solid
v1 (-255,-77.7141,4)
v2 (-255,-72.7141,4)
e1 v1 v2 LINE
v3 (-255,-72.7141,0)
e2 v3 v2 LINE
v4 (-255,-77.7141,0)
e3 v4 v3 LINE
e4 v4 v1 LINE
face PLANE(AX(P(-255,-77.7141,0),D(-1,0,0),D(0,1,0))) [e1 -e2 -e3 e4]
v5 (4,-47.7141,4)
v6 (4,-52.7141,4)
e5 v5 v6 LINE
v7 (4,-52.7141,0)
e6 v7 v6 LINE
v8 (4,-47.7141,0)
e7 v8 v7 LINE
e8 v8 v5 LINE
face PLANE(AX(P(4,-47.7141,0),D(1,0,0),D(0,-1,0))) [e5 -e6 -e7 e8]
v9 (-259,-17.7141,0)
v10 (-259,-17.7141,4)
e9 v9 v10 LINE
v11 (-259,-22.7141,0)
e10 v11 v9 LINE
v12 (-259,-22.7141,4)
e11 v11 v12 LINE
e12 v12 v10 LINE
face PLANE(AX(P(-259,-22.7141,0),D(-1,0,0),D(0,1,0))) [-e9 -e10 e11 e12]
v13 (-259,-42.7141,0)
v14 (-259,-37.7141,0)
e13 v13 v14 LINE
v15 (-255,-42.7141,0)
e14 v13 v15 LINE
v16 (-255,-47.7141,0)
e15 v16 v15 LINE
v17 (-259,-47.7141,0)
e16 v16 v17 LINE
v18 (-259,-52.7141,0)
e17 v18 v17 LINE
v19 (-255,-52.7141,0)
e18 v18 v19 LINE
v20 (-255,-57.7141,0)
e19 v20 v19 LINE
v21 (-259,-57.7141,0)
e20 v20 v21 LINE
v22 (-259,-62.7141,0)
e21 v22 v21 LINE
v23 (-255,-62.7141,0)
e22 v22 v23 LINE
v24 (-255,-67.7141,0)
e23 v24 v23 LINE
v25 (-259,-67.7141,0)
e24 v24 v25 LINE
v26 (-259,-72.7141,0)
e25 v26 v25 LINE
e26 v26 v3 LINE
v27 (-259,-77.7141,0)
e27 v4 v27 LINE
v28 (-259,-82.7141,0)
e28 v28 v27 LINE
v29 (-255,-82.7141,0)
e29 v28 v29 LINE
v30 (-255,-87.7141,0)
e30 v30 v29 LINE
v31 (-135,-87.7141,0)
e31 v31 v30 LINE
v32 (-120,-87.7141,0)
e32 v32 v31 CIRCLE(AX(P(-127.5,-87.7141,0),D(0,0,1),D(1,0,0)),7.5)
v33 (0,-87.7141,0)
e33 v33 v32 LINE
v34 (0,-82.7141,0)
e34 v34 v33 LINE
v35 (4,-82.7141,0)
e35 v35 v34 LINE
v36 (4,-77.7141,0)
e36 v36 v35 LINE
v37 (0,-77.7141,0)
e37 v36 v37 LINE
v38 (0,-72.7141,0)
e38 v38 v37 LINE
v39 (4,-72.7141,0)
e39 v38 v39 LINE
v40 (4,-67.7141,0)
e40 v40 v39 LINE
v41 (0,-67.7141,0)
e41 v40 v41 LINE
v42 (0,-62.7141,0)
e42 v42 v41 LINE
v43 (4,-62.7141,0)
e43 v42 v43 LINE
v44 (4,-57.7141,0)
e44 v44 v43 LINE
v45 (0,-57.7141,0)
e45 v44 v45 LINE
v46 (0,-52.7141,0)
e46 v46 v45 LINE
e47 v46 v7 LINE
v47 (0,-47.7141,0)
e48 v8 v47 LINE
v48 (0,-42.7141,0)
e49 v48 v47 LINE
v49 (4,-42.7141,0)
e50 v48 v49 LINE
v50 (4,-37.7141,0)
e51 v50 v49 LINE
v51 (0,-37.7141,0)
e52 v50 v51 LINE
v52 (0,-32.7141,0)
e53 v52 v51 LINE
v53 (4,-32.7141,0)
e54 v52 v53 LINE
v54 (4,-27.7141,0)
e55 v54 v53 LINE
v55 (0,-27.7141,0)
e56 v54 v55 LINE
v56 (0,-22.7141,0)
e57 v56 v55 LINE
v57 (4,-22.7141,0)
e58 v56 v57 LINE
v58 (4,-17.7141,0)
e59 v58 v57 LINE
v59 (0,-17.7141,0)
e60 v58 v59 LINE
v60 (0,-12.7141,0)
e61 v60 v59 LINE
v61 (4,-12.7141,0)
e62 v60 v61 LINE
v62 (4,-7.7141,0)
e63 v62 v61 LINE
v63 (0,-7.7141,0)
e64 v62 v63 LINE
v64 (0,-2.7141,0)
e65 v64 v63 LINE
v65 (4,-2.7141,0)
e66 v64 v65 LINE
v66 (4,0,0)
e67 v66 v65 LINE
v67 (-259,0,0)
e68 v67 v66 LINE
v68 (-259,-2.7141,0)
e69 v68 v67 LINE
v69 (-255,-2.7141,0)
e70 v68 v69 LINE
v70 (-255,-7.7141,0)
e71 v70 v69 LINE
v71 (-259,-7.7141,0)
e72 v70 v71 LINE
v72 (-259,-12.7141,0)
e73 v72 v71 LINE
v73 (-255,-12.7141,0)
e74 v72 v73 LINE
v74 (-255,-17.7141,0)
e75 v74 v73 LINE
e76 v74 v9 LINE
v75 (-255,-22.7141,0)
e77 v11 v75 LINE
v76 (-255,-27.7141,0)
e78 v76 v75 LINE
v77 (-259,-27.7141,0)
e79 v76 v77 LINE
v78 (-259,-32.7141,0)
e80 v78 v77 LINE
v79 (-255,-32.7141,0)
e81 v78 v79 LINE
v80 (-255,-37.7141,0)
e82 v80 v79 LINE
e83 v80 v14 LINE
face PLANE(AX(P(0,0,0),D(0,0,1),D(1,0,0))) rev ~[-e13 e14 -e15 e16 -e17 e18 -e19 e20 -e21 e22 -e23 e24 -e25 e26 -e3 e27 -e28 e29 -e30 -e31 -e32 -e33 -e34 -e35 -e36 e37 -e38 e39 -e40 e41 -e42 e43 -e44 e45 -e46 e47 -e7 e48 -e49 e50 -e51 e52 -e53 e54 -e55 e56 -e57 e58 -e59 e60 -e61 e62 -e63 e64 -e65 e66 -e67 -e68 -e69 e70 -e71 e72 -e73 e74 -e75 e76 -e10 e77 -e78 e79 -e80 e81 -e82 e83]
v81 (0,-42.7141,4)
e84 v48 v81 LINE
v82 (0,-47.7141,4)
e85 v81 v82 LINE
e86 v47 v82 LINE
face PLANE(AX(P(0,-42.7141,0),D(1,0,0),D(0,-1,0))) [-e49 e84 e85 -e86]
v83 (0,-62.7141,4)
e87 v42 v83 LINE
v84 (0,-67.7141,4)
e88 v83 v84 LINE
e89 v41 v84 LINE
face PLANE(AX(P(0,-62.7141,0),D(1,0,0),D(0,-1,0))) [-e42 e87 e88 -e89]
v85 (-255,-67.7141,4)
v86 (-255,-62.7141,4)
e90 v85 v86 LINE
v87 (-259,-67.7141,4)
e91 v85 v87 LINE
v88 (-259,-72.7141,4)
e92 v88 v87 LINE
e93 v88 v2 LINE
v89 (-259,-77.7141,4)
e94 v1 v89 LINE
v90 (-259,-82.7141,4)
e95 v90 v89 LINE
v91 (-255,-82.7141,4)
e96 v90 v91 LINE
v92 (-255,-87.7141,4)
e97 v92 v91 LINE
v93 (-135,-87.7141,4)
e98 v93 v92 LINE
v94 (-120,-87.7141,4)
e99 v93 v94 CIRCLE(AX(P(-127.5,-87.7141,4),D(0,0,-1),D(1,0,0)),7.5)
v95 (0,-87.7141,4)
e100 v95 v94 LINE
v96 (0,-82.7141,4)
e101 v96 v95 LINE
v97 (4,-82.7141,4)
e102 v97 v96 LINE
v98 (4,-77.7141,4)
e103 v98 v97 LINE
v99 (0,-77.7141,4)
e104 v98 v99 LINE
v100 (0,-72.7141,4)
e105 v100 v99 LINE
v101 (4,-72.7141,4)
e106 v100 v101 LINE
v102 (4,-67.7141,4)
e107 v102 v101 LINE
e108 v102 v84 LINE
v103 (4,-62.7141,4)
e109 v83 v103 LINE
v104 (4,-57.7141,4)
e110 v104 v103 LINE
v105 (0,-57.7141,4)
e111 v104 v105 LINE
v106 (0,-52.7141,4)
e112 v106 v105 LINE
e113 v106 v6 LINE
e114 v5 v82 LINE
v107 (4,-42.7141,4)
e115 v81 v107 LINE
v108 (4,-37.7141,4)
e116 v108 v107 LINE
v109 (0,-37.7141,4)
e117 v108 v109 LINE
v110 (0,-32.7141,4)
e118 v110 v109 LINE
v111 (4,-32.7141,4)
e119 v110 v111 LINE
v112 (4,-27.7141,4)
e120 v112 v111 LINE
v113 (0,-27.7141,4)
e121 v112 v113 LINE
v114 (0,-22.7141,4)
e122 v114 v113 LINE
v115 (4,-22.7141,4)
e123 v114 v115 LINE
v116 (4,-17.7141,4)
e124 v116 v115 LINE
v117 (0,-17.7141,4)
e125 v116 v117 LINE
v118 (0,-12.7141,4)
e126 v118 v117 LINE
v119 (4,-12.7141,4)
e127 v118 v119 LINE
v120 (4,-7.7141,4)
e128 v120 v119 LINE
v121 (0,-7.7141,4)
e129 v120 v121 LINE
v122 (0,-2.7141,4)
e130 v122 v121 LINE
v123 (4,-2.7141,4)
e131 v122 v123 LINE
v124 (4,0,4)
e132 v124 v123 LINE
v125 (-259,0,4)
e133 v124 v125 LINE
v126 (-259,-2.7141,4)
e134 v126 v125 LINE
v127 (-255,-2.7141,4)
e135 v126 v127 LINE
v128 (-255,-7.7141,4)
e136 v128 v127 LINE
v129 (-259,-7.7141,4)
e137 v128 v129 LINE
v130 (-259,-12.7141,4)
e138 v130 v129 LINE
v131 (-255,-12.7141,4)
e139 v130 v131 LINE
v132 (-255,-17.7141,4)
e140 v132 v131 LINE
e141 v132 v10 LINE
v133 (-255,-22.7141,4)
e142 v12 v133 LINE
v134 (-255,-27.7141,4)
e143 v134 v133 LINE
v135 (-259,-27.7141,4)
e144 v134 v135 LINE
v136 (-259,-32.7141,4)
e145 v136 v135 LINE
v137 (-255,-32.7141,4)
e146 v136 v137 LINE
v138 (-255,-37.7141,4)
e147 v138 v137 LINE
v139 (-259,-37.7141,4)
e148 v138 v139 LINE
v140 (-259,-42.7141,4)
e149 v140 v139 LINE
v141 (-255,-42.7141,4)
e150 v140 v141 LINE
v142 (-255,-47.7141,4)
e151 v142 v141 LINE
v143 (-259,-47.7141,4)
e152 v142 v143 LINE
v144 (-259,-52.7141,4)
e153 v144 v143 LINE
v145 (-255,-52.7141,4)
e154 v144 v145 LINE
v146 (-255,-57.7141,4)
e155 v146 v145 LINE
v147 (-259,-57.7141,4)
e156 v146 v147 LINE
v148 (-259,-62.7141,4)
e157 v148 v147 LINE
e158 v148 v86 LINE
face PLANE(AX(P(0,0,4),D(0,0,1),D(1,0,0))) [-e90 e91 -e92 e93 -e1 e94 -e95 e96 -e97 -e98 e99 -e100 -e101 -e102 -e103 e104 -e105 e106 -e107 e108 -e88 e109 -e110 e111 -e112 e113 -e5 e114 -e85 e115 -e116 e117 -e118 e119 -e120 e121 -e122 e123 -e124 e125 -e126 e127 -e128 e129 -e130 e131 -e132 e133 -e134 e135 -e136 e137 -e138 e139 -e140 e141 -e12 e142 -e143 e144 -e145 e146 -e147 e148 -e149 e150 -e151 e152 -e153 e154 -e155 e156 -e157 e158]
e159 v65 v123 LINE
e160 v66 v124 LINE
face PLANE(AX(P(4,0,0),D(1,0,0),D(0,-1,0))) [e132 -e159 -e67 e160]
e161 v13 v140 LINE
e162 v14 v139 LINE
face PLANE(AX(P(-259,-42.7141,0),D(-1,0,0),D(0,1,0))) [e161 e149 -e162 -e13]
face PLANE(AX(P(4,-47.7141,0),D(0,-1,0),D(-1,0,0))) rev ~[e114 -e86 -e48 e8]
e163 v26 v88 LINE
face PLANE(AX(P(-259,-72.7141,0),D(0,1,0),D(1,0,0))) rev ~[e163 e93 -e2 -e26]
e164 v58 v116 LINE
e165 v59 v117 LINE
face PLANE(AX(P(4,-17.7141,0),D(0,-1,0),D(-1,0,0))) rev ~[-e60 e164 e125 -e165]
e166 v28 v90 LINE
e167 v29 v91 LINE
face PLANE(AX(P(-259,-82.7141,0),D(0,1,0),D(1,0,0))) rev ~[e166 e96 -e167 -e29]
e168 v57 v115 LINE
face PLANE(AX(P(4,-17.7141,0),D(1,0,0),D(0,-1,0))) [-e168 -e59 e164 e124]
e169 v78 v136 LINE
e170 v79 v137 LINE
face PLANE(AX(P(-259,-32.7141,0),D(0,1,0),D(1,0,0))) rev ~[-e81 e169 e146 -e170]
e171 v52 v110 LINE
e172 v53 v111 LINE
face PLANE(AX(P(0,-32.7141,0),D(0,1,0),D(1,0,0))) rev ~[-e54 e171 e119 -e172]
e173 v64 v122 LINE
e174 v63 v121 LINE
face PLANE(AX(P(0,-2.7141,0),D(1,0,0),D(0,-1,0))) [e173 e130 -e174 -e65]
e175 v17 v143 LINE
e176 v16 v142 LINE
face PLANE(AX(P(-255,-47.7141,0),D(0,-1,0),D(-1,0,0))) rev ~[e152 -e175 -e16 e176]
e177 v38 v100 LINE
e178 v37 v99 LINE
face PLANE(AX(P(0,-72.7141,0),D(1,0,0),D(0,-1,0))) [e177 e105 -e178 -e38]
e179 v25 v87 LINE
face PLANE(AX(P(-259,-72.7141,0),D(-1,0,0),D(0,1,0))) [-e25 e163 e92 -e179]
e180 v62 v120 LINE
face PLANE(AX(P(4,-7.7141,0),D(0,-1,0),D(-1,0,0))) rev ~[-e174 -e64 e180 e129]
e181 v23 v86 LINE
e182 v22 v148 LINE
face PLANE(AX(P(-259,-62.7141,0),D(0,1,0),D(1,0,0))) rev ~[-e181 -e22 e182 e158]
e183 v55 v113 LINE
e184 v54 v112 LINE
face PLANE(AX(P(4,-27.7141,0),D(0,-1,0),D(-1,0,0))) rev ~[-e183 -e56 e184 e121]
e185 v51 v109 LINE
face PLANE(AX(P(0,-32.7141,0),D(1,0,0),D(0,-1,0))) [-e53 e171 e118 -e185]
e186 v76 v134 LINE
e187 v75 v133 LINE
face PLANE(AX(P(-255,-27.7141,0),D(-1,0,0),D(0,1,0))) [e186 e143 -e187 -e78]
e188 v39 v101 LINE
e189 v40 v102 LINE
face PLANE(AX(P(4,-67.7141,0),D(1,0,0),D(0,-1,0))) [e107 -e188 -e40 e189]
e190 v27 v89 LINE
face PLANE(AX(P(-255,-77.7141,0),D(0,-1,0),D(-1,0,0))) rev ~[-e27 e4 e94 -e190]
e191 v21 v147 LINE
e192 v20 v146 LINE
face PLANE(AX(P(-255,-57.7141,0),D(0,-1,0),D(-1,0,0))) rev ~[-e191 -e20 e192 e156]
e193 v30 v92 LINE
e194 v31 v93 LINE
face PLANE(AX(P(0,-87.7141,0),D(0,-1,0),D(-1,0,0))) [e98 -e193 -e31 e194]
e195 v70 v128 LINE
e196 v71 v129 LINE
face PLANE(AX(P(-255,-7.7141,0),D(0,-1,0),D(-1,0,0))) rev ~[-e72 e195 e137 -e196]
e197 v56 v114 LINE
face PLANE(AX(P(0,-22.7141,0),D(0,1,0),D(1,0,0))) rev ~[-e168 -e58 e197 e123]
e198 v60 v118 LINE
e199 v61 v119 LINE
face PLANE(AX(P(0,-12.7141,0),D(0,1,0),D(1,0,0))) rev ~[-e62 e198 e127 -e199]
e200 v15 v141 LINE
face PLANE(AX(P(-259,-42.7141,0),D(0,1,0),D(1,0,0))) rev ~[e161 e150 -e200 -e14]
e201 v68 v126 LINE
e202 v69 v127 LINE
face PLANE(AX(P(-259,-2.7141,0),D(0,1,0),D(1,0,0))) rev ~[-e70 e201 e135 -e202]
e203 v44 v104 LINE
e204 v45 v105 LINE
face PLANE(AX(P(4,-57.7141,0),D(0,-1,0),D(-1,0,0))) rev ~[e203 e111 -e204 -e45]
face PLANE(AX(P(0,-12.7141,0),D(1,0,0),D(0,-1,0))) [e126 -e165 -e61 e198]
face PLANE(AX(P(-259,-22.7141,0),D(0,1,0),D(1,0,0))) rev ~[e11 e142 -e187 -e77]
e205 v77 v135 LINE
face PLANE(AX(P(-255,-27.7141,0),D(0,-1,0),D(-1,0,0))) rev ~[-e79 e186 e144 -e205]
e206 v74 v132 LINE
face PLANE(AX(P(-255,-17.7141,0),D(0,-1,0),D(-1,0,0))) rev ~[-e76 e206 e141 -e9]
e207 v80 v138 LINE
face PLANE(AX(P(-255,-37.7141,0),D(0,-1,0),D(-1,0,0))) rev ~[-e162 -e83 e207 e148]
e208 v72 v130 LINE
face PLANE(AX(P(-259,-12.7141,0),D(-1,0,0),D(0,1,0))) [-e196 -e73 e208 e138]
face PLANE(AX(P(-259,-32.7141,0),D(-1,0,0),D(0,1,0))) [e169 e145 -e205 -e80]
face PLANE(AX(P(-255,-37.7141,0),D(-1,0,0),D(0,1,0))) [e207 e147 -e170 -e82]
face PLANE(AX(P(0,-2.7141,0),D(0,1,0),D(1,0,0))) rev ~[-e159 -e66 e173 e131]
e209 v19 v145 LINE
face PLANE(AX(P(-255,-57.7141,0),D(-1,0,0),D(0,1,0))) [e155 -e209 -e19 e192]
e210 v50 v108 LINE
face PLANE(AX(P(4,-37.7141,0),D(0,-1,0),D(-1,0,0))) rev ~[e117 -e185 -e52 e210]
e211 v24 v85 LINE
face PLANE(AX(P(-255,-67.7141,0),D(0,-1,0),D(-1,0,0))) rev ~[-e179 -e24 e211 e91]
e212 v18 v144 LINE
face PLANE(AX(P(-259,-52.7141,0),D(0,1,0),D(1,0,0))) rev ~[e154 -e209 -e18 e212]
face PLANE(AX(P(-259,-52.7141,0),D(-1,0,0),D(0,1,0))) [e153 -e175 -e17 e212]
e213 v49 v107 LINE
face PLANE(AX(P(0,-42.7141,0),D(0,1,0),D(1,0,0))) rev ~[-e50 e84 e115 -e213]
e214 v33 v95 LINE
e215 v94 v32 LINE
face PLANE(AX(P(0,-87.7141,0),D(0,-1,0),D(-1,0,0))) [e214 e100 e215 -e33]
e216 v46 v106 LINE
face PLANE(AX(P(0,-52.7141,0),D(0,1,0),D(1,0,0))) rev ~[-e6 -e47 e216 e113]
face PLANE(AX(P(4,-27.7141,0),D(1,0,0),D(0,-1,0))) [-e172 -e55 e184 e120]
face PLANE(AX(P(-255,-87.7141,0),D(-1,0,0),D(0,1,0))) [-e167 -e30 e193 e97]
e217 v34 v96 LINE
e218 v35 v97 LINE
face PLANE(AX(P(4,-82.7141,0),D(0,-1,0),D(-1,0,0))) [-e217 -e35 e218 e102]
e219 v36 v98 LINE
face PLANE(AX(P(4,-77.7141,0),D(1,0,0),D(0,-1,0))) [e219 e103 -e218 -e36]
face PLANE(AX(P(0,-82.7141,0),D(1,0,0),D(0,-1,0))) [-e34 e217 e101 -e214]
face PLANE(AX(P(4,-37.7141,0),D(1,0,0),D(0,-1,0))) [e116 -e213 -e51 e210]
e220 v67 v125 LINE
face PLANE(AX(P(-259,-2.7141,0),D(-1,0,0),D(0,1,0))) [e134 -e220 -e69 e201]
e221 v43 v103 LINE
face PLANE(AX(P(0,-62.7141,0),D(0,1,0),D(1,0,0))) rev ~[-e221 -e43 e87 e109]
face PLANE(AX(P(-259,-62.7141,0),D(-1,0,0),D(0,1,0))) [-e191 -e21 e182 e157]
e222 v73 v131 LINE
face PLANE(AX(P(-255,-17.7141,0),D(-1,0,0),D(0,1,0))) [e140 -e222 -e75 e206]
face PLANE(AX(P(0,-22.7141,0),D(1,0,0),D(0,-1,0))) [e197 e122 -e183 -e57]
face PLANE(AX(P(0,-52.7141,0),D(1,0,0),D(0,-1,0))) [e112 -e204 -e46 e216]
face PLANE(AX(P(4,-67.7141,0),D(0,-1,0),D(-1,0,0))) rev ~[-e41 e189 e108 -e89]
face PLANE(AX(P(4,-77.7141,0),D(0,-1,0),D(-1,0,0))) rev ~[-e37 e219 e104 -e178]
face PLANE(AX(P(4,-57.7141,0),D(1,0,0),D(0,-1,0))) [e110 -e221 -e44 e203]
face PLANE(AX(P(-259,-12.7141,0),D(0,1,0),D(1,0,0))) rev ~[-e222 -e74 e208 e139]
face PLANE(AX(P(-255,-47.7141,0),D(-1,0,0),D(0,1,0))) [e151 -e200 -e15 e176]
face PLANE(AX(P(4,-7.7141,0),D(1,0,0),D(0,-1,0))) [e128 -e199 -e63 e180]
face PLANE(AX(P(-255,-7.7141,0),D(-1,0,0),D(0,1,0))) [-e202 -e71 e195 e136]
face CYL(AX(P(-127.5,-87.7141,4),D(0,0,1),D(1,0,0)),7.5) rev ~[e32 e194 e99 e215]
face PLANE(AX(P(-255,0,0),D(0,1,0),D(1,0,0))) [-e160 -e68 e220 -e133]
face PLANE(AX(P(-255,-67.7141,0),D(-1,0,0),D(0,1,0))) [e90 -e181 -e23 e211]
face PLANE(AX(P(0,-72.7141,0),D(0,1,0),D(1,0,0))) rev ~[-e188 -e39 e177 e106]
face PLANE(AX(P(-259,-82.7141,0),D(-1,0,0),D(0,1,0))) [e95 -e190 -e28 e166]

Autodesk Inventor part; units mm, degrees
ref_plane "YZ Plane" through (0, 0, 0) normal (1, 0, 0) x (0, 1, 0)
ref_plane "XZ Plane" through (0, 0, 0) normal (0, 1, 0) x (-1, 0, 0)
ref_plane "XY Plane" through (0, 0, 0) normal (0, 0, 1) x (1, 0, 0)
sketch "Эскиз1" plane through (0, 0, 0) normal (0, 0, 1) x (1, 0, 0)
  line L0 (0, -87.7141) -> (4, -87.7141) projected
  line L1 (4, -87.7141) -> (4, -82.7141) projected
  line L2 (4, -82.7141) -> (0, -82.7141) projected
  line L3 (0, -82.7141) -> (0, -87.7141) projected
  line L4 (4, -77.7141) -> (0, -77.7141) projected
  line L5 (0, -82.7141) -> (0, -77.7141) projected
  line L6 (0, -82.7141) -> (4, -82.7141) projected
  line L7 (4, -77.7141) -> (4, -82.7141) projected
  line L8 (4, -67.7141) -> (0, -67.7141) projected
  line L9 (0, -72.7141) -> (0, -67.7141) projected
  line L10 (0, -72.7141) -> (4, -72.7141) projected
  line L11 (4, -67.7141) -> (4, -72.7141) projected
  line L12 (4, -57.7141) -> (0, -57.7141) projected
  line L13 (0, -62.7141) -> (0, -57.7141) projected
  line L14 (0, -62.7141) -> (4, -62.7141) projected
  line L15 (4, -57.7141) -> (4, -62.7141) projected
  line L16 (4, -47.7141) -> (0, -47.7141) projected
  line L17 (0, -52.7141) -> (0, -47.7141) projected
  line L18 (0, -52.7141) -> (4, -52.7141) projected
  line L19 (4, -47.7141) -> (4, -52.7141) projected
  line L20 (4, -37.7141) -> (0, -37.7141) projected
  line L21 (0, -42.7141) -> (0, -37.7141) projected
  line L22 (0, -42.7141) -> (4, -42.7141) projected
  line L23 (4, -37.7141) -> (4, -42.7141) projected
  line L24 (4, -27.7141) -> (0, -27.7141) projected
  line L25 (0, -32.7141) -> (0, -27.7141) projected
  line L26 (0, -32.7141) -> (4, -32.7141) projected
  line L27 (4, -27.7141) -> (4, -32.7141) projected
  line L28 (4, -17.7141) -> (0, -17.7141) projected
  line L29 (0, -22.7141) -> (0, -17.7141) projected
  line L30 (0, -22.7141) -> (4, -22.7141) projected
  line L31 (4, -17.7141) -> (4, -22.7141) projected
  line L32 (4, -7.7141) -> (0, -7.7141) projected
  line L33 (0, -12.7141) -> (0, -7.7141) projected
  line L34 (0, -12.7141) -> (4, -12.7141) projected
  line L35 (4, -7.7141) -> (4, -12.7141) projected
  line L36 (0, -2.7141) -> (4, -2.7141) projected
  line L37 (4, 0) -> (4, -2.7141) projected
  line L38 (0, 0) -> (4, 0) projected
  line L39 (0, -2.7141) -> (0, 0) projected
  line L40 (-259, -2.7141) -> (-255, -2.7141) projected
  line L41 (-255, 0) -> (-255, -2.7141) projected
  line L42 (-259, 0) -> (-255, 0) projected
  line L43 (-259, -2.7141) -> (-259, 0) projected
  line L44 (-255, -7.7141) -> (-259, -7.7141) projected
  line L45 (-259, -12.7141) -> (-259, -7.7141) projected
  line L46 (-259, -12.7141) -> (-255, -12.7141) projected
  line L47 (-255, -7.7141) -> (-255, -12.7141) projected
  line L48 (-255, -17.7141) -> (-259, -17.7141) projected
  line L49 (-259, -22.7141) -> (-259, -17.7141) projected
  line L50 (-259, -22.7141) -> (-255, -22.7141) projected
  line L51 (-255, -17.7141) -> (-255, -22.7141) projected
  line L52 (-255, -27.7141) -> (-259, -27.7141) projected
  line L53 (-259, -32.7141) -> (-259, -27.7141) projected
  line L54 (-259, -32.7141) -> (-255, -32.7141) projected
  line L55 (-255, -27.7141) -> (-255, -32.7141) projected
  line L56 (-255, -77.7141) -> (-259, -77.7141) projected
  line L57 (-259, -82.7141) -> (-259, -77.7141) projected
  line L58 (-259, -82.7141) -> (-255, -82.7141) projected
  line L59 (-255, -77.7141) -> (-255, -82.7141) projected
  line L60 (-255, -67.7141) -> (-259, -67.7141) projected
  line L61 (-259, -72.7141) -> (-259, -67.7141) projected
  line L62 (-259, -72.7141) -> (-255, -72.7141) projected
  line L63 (-255, -67.7141) -> (-255, -72.7141) projected
  line L64 (-255, -57.7141) -> (-259, -57.7141) projected
  line L65 (-259, -62.7141) -> (-259, -57.7141) projected
  line L66 (-259, -62.7141) -> (-255, -62.7141) projected
  line L67 (-255, -57.7141) -> (-255, -62.7141) projected
  line L68 (-259, -52.7141) -> (-259, -47.7141) projected
  line L69 (-255, -47.7141) -> (-259, -47.7141) projected
  line L70 (-259, -52.7141) -> (-259, -47.7141) projected
  line L71 (-259, -52.7141) -> (-255, -52.7141) projected
  line L72 (-255, -47.7141) -> (-255, -52.7141) projected
  line L73 (-255, -37.7141) -> (-259, -37.7141) projected
  line L74 (-259, -42.7141) -> (-259, -37.7141) projected
  line L75 (-259, -42.7141) -> (-255, -42.7141) projected
  line L76 (-255, -37.7141) -> (-255, -42.7141) projected
  line L77 (-255, -82.7141) -> (-259, -82.7141) projected
  line L78 (-259, -82.7141) -> (-259, -87.7141) projected
  line L79 (-259, -87.7141) -> (-255, -87.7141) projected
  line L80 (-255, -87.7141) -> (-255, -82.7141) projected
  line L81 (-255, 0) -> (0, 0)
  line L82 (0, 0) -> (0, -87.7141)
  line L83 (0, -87.7141) -> (-255, -87.7141)
  line L84 (-255, -87.7141) -> (-255, 0)
  point P0 (-255, -2.7141)
  point P1 (-255, -7.7141)
  point P2 (-255, -12.7141)
  point P3 (-255, -17.7141)
  point P4 (-255, -22.7141)
  point P5 (-255, -27.7141)
  point P6 (-255, -32.7141)
  point P7 (-255, -37.7141)
  point P8 (-255, -42.7141)
  point P9 (-255, -47.7141)
  point P10 (-255, -52.7141)
  point P11 (-255, -57.7141)
  point P12 (-255, -62.7141)
  point P13 (-255, -67.7141)
  point P14 (-255, -72.7141)
  point P15 (-255, -77.7141)
  point P16 (-255, -87.7141)
extrude "Выдавливание1" add sketch "Эскиз1" along normal blind 4 contours L83 L80 L59 L84 L63 L67 L72 L76 L55 L51 L47 L41 L81 L39 L82 L33 L29 L25 L21 L17 L13 L9 L5 L3 | L5 L4 L7 L2 | L58 L57 L56 L59 | L9 L8 L11 L10 | L62 L61 L60 L63 | L13 L12 L15 L14 | L66 L65 L64 L67 | L17 L16 L19 L18 | L71 L68 L69 L72 | L21 L20 L23 L22 | L75 L74 L73 L76 | L25 L24 L27 L26 | L54 L53 L52 L55 | L29 L28 L31 L30 | L50 L49 L48 L51 | L33 L32 L35 L34 | L46 L45 L44 L47 | L39 L38 L37 L36 | L40 L43 L42 L41
sketch "Эскиз2" plane through (0, 0, 4) normal (0, 0, 1) x (1, 0, 0)
  line L0 (-255, -87.7141) -> (0, -87.7141) projected
  circle A0 centre (-127.5, -87.7141) radius 7.5
  point P0 (0, 0)
  dimension "d2" = 15
extrude "Выдавливание2" cut sketch "Эскиз2" against normal blind 4
properties part number "KB33-046-004-017 - Крышка наклонная"
